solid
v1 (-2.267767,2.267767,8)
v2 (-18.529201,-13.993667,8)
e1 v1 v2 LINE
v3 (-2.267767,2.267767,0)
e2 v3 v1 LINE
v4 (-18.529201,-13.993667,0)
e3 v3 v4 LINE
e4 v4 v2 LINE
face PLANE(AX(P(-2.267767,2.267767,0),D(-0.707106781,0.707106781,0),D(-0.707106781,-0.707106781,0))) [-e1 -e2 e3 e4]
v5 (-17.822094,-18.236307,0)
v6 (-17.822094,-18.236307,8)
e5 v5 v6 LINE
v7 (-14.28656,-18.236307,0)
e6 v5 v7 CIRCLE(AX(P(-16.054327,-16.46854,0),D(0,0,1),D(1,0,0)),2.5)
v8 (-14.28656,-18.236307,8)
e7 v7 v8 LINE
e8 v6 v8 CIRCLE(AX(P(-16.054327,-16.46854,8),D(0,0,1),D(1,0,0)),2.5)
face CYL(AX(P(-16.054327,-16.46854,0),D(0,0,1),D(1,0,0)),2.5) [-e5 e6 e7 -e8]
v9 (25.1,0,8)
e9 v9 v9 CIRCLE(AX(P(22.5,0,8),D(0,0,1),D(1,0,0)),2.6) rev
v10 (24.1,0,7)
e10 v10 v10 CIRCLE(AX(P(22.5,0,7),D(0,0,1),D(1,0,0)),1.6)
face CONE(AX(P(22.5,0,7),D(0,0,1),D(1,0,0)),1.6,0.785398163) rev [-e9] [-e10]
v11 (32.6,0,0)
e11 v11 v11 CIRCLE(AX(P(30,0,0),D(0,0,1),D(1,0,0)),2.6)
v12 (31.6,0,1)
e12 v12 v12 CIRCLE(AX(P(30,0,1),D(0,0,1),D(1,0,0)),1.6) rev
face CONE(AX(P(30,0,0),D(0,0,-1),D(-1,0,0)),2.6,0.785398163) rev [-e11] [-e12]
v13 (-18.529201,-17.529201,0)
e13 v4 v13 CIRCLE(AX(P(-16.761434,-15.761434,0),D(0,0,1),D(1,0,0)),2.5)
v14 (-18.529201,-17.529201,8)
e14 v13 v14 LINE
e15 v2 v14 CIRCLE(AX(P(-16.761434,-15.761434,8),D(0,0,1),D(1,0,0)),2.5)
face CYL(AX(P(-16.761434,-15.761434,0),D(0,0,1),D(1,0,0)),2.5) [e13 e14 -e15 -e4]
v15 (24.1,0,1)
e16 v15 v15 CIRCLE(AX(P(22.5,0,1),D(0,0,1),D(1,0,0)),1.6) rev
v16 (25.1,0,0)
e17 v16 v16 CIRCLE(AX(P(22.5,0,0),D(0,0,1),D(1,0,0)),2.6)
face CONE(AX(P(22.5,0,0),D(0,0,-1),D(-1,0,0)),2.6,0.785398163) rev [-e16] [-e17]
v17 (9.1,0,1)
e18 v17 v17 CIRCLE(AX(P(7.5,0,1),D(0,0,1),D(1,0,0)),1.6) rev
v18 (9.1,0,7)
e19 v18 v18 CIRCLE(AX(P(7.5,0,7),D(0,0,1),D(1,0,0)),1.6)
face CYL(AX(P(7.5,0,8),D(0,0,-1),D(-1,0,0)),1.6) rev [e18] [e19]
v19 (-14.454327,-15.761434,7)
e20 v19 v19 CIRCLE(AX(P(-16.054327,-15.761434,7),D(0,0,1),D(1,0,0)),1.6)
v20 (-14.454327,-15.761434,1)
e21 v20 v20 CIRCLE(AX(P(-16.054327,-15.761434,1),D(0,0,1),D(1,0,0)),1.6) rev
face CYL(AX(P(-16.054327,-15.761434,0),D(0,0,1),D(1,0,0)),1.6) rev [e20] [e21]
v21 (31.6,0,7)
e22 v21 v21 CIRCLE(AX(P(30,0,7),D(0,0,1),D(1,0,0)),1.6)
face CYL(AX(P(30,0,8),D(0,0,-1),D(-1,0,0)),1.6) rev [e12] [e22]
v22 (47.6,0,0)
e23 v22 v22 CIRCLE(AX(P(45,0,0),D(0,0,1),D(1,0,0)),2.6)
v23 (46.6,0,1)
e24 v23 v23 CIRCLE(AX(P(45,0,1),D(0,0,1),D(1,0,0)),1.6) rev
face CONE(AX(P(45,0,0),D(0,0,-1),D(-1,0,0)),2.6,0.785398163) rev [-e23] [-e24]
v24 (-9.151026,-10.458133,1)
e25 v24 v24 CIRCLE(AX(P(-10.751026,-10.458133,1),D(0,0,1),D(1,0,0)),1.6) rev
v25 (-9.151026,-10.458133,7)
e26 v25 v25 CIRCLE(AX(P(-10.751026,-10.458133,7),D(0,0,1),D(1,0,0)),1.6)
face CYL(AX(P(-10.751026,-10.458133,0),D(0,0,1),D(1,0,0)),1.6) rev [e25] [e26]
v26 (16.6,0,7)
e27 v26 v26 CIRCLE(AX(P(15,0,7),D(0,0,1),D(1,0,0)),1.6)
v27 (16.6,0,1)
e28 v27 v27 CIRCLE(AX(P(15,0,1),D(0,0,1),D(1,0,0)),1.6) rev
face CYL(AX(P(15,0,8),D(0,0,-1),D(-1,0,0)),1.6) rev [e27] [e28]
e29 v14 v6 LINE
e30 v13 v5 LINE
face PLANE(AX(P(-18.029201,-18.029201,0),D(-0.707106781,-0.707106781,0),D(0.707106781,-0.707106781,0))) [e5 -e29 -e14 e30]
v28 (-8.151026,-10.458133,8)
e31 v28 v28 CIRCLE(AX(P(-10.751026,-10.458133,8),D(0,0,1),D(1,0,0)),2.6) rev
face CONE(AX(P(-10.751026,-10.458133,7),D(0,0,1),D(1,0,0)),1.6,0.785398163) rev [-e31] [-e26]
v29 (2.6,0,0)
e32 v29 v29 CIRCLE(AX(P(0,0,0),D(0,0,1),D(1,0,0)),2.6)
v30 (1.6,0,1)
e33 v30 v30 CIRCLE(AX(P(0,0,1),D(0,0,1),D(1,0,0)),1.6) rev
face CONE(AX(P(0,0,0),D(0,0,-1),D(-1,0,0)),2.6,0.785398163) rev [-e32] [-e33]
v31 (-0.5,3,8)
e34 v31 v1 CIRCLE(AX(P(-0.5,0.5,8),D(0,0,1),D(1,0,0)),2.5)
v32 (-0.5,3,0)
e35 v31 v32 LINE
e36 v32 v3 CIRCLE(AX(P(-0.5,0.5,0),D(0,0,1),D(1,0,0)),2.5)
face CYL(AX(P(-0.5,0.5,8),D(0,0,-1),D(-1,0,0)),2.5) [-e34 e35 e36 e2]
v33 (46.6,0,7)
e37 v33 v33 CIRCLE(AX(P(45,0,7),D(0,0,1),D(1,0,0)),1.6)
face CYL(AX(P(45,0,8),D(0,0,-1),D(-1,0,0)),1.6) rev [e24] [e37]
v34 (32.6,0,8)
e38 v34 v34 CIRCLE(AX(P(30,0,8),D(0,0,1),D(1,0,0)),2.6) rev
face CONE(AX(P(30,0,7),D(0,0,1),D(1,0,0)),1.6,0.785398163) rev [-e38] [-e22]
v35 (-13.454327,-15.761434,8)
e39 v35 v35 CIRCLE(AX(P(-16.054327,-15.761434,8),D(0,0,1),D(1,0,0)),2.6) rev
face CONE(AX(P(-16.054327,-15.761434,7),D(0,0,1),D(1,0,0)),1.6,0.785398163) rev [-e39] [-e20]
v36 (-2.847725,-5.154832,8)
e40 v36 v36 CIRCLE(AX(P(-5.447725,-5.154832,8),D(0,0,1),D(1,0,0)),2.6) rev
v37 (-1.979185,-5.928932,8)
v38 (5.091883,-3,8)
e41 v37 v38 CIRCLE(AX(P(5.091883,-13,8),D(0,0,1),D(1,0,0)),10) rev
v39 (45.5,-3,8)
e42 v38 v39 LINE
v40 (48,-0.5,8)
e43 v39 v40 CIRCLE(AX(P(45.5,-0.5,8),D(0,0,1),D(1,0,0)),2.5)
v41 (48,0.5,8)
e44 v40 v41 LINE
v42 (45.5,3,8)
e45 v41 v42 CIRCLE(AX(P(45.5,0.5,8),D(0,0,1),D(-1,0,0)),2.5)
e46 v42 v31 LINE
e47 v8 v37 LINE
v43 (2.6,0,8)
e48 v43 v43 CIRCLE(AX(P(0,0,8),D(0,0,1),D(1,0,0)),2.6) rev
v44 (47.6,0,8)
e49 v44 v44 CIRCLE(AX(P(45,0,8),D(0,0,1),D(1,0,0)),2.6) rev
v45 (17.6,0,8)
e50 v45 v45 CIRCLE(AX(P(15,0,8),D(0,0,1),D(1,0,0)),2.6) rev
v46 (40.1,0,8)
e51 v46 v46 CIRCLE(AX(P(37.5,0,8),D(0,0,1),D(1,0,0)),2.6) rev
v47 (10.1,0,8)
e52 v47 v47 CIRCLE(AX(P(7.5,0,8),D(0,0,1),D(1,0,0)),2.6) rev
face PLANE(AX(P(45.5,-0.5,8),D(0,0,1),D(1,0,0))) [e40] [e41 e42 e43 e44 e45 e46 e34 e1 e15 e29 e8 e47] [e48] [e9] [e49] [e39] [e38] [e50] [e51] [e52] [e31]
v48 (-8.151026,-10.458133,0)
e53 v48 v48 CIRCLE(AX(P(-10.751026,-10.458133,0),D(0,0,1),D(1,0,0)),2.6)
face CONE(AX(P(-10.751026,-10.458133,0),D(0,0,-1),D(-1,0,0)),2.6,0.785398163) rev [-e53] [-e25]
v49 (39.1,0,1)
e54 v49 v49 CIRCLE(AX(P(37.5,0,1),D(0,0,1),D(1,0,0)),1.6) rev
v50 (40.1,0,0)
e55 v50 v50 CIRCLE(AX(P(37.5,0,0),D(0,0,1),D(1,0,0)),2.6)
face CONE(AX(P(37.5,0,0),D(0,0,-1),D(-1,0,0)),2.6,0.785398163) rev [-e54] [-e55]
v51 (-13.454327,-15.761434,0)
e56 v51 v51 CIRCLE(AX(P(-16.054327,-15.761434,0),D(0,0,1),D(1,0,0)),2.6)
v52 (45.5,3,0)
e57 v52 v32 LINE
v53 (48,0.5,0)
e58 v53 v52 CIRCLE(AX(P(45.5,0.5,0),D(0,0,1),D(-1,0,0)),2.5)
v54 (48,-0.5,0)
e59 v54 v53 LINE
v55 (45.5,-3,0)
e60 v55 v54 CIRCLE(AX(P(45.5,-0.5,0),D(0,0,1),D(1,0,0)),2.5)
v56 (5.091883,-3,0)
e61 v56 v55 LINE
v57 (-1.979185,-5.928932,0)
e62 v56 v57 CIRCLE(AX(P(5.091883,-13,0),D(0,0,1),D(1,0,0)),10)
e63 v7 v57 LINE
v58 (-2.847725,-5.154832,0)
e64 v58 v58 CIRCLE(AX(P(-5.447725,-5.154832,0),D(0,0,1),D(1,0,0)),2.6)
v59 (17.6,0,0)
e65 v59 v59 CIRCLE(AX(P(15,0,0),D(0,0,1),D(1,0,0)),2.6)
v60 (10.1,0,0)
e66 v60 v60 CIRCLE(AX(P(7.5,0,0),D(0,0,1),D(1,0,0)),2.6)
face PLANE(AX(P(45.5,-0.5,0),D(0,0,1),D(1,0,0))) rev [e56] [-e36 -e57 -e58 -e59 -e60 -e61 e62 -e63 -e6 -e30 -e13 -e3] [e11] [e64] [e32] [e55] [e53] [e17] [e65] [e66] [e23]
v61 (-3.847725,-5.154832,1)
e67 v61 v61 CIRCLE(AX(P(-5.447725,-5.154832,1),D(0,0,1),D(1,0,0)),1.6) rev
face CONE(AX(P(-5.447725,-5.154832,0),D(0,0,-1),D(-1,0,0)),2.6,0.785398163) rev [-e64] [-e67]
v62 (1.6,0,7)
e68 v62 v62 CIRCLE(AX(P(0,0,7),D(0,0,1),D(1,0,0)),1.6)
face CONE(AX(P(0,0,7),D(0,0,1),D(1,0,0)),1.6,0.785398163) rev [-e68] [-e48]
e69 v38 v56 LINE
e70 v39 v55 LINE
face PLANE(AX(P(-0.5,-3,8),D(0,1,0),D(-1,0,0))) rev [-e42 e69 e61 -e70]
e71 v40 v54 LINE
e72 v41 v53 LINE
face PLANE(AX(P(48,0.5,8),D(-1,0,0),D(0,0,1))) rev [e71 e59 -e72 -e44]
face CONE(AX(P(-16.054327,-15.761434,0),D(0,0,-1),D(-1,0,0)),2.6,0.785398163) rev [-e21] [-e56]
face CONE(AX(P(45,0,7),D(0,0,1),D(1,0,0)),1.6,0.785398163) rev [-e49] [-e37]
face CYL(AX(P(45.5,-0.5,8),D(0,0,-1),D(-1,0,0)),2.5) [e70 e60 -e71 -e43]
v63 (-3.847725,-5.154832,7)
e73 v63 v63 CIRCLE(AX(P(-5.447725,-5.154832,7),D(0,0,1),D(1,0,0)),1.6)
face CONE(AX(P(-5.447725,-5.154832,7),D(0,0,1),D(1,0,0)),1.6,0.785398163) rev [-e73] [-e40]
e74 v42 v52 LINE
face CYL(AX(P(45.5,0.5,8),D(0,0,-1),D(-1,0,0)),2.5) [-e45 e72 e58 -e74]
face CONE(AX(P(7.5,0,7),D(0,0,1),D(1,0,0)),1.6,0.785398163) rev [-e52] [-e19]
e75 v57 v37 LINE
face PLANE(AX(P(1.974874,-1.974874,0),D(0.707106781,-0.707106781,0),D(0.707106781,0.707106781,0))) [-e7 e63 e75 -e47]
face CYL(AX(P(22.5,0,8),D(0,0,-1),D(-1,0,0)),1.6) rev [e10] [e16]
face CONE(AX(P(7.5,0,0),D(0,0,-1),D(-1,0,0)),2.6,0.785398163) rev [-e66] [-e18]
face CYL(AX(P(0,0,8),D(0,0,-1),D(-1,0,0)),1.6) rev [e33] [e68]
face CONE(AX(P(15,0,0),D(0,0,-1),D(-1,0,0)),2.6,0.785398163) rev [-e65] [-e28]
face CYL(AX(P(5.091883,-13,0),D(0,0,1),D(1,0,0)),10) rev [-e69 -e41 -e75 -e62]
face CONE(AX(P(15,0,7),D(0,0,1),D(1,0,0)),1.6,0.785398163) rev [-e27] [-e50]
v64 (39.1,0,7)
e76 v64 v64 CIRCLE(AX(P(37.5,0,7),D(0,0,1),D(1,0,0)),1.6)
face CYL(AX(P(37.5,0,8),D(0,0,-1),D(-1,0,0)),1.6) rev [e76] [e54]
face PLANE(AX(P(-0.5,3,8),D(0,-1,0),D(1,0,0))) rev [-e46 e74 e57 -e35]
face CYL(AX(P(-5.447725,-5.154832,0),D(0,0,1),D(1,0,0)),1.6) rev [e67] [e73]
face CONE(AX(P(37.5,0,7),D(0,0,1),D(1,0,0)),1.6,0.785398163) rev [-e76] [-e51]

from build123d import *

# Parameters (mm, degrees)
SKETCH1_R           = 1.6
BOSS_EXTRUDE1_DEPTH = 8
CHAMFER1_SIZE       = 1
SKETCH2_R           = 1.6
BOSS_EXTRUDE3_DEPTH = 8
FILLET1_R           = 10
CHAMFER2_SIZE       = 1
CHAMFER3_SIZE       = 1


with BuildPart() as part:
    # Sketch1 → Boss-Extrude1 (new body)
    with BuildSketch(Plane.XY):
        with BuildLine():
            Line((-0.5, 3), (45.5, 3))
            ThreePointArc((45.5, 3), (47.267766953, 2.267766953), (48, 0.5))
            Line((48, 0.5), (48, -0.5))
            ThreePointArc((48, -0.5), (47.267766953, -2.267766953), (45.5, -3))
            Line((45.5, -3), (-0.5, -3))
            ThreePointArc((-0.5, -3), (-2.267766953, -2.267766953), (-3, -0.5))
            Line((-3, -0.5), (-3, 0.5))
            ThreePointArc((-3, 0.5), (-2.267766953, 2.267766953), (-0.5, 3))
        make_face()
        Circle(SKETCH1_R, mode=Mode.SUBTRACT)
        with Locations((7.5, 0)):
            Circle(SKETCH1_R, mode=Mode.SUBTRACT)
        with Locations((15, 0)):
            Circle(SKETCH1_R, mode=Mode.SUBTRACT)
        with Locations((22.5, 0)):
            Circle(SKETCH1_R, mode=Mode.SUBTRACT)
        with Locations((30, 0)):
            Circle(SKETCH1_R, mode=Mode.SUBTRACT)
        with Locations((37.5, 0)):
            Circle(SKETCH1_R, mode=Mode.SUBTRACT)
        with Locations((45, 0)):
            Circle(SKETCH1_R, mode=Mode.SUBTRACT)
    extrude(amount=BOSS_EXTRUDE1_DEPTH)

    # Chamfer1
    chamfer1_edges = [part.edges().sort_by_distance(p)[0] for p in [
        (-1.6, 0, 0),
        (-1.6, 0, 8),
        (5.9, 0, 0),
        (5.9, 0, 8),
        (13.4, 0, 0),
        (13.4, 0, 8),
        (20.9, 0, 0),
        (20.9, 0, 8),
        (28.4, 0, 0),
        (28.4, 0, 8),
    ]]
    chamfer(chamfer1_edges, length=CHAMFER1_SIZE)

    # Sketch2 → Boss-Extrude3 (add)
    with BuildSketch(Plane.XY.offset(8)):
        with BuildLine():
            ThreePointArc((-3, 0.5), (-2.809698831, 1.456708581), (-2.267766953, 2.267766953))
            Line((-2.267766953, 2.267766953), (-18.529200529, -13.993666623))
            ThreePointArc((-18.529200529, -13.993666623), (-19.261433576, -15.761433576), (-18.529200529, -17.529200529))
            Line((-18.529200529, -17.529200529), (-17.822093748, -18.23630731))
            ThreePointArc((-17.822093748, -18.23630731), (-16.054326795, -18.968540357), (-14.286559842, -18.23630731))
            Line((-14.286559842, -18.23630731), (0.949747468, -3))
            Line((0.949747468, -3), (-0.5, -3))
            ThreePointArc((-0.5, -3), (-2.267766953, -2.267766953), (-3, -0.5))
            Line((-3, -0.5), (-3, 0.5))
        make_face()
        with Locations((-16.054326795, -15.761433576)):
            Circle(SKETCH2_R, mode=Mode.SUBTRACT)
        with Locations((-10.751025936, -10.458132717)):
            Circle(SKETCH2_R, mode=Mode.SUBTRACT)
        with Locations((-5.447725077, -5.154831858)):
            Circle(SKETCH2_R, mode=Mode.SUBTRACT)
    extrude(amount=-BOSS_EXTRUDE3_DEPTH)

    # Fillet1
    fillet1_edges = [part.edges().sort_by_distance(p)[0] for p in [
        (0.949747468, -3, 4),
    ]]
    fillet(fillet1_edges, radius=FILLET1_R)

    # Chamfer2
    chamfer2_edges = [part.edges().sort_by_distance(p)[0] for p in [
        (-17.654326795, -15.761433576, 8),
        (-12.351025936, -10.458132717, 8),
        (-7.047725077, -5.154831858, 8),
        (-7.047725077, -5.154831858, 0),
        (-12.351025936, -10.458132717, 0),
        (-17.654326795, -15.761433576, 0),
    ]]
    chamfer(chamfer2_edges, length=CHAMFER2_SIZE)

    # Chamfer3
    chamfer3_edges = [part.edges().sort_by_distance(p)[0] for p in [
        (35.9, 0, 0),
        (35.9, 0, 8),
        (43.4, 0, 0),
        (43.4, 0, 8),
    ]]
    chamfer(chamfer3_edges, length=CHAMFER3_SIZE)


solid = part.part
